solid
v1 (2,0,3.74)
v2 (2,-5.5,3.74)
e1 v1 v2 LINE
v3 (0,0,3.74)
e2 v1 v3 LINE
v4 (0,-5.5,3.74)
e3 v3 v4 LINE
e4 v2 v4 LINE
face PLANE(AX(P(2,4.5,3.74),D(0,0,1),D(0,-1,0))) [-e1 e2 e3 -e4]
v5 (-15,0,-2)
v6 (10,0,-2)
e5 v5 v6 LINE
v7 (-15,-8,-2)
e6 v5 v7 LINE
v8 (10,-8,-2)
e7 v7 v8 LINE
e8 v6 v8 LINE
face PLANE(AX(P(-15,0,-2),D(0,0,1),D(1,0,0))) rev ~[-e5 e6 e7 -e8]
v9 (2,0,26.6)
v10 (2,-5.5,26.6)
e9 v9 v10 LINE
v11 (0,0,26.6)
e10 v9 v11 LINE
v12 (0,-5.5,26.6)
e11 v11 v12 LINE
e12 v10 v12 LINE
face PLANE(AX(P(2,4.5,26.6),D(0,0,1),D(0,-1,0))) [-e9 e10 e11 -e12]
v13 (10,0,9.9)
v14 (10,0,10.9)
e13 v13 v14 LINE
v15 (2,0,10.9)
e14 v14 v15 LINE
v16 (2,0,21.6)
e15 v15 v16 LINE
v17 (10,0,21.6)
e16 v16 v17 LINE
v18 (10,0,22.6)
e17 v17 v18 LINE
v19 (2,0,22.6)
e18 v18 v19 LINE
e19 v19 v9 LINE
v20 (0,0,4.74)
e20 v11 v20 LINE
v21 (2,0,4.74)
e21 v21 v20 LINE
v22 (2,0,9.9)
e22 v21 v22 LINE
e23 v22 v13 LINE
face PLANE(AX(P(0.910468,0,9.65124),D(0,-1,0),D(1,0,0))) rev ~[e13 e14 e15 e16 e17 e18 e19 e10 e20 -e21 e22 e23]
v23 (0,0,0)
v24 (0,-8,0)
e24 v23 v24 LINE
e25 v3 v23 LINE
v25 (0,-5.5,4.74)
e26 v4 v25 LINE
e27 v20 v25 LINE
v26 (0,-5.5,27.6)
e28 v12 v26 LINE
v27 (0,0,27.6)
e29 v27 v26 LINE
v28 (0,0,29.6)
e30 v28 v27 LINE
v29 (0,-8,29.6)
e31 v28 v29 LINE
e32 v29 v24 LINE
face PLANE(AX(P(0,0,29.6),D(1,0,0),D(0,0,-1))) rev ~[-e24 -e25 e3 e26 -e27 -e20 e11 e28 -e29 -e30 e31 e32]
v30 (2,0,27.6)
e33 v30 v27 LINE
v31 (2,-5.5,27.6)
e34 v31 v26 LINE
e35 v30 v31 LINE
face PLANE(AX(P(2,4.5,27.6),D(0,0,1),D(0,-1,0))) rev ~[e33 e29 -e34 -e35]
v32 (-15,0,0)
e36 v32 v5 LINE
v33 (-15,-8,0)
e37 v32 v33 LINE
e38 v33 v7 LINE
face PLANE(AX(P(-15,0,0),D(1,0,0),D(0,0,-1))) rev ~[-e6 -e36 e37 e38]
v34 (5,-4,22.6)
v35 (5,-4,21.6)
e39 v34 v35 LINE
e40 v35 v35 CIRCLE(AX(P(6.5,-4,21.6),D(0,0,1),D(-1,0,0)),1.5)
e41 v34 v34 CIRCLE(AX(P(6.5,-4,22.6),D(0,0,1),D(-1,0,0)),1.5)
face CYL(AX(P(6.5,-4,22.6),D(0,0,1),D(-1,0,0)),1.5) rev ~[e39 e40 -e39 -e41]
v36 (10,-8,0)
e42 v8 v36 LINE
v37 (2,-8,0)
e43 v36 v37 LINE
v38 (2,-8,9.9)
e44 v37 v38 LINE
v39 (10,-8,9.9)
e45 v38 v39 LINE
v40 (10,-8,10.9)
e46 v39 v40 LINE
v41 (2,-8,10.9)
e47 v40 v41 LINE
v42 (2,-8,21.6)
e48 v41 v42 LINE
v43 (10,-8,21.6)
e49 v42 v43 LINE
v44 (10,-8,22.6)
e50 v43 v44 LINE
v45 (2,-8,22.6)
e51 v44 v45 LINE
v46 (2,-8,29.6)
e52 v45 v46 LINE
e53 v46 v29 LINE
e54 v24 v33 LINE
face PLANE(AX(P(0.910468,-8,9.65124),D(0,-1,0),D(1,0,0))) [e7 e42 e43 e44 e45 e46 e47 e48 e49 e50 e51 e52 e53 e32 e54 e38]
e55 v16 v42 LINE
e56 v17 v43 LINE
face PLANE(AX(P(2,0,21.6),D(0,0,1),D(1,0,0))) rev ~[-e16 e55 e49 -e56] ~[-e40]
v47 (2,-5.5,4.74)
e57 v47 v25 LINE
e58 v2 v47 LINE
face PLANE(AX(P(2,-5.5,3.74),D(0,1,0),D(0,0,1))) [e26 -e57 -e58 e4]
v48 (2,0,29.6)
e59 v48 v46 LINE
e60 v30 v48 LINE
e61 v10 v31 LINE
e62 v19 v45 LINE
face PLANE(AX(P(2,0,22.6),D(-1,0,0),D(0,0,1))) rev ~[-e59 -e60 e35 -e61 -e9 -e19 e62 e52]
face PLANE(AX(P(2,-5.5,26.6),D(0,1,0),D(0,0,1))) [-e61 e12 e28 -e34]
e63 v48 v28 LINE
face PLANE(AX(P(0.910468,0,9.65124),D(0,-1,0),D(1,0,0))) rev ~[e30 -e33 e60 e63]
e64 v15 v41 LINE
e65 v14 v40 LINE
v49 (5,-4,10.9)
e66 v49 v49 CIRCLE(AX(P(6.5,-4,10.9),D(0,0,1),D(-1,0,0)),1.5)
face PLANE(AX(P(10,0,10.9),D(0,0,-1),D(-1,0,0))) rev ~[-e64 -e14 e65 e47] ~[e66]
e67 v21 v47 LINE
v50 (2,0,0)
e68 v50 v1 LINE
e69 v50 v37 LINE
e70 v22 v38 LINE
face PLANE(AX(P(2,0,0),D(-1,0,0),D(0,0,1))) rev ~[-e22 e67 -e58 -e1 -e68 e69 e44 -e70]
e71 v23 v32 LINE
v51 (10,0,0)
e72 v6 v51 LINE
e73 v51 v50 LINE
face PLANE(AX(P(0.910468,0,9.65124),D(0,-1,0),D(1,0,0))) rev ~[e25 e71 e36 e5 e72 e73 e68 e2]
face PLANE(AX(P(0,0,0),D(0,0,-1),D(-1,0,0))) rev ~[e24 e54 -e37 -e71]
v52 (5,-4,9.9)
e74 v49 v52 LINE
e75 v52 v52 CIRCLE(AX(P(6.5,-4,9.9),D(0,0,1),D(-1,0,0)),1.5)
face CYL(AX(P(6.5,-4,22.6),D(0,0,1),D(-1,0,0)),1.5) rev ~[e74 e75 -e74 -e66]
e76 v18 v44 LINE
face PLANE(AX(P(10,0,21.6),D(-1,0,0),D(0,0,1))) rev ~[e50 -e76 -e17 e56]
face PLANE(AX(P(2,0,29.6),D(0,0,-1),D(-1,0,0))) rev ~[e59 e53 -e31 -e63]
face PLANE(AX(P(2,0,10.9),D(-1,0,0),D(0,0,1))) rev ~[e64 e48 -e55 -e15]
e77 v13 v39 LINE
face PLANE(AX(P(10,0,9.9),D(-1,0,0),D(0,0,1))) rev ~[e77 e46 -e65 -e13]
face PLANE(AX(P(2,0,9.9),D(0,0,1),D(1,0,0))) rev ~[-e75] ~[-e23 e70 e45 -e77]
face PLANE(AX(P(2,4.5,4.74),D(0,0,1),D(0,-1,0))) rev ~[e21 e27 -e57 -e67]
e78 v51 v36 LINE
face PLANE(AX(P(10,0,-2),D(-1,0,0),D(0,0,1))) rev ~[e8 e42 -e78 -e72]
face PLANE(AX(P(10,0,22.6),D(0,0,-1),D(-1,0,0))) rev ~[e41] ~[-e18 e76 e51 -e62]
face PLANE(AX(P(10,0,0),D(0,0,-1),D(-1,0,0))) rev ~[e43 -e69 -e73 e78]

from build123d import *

# Parameters (mm, degrees)
PAD_DEPTH       = 8
SKETCH001_R     = 1.5
POCKET_DEPTH    = 14
SKETCH002_W     = 1
SKETCH002_H     = 10
POCKET001_DEPTH = 5


with BuildPart() as part:
    # Sketch → Pad (new body)
    with BuildSketch(Plane.XZ):
        Polygon((-15, -2), (10, -2), (10, 0), (2, 0), (2, 9.9), (10, 9.9), (10, 10.9), (2, 10.9), (2, 21.6), (10, 21.6), (10, 22.6), (2, 22.6), (2, 29.6), (0, 29.6), (0, 0), (-15, 0), align=None)
    extrude(amount=PAD_DEPTH)

    # Sketch001 → Pocket (cut)
    with BuildSketch(Plane(origin=(0, 0, 22.6), x_dir=(-1, 0, 0), z_dir=(0, 0, 1))):
        with Locations((-6.5, 4)):
            Circle(SKETCH001_R)
    extrude(amount=-POCKET_DEPTH, mode=Mode.SUBTRACT)

    # Sketch002 → Pocket001 (cut)
    with BuildSketch(Plane(origin=(2, 0, 0), x_dir=(0, 0, 1), z_dir=(1, 0, 0))):
        with Locations((27.1, 0.5)):
            Rectangle(SKETCH002_W, SKETCH002_H)
        with Locations((4.24, 0.5)):
            Rectangle(SKETCH002_W, SKETCH002_H)
    extrude(amount=-POCKET001_DEPTH, mode=Mode.SUBTRACT)


solid = part.part
